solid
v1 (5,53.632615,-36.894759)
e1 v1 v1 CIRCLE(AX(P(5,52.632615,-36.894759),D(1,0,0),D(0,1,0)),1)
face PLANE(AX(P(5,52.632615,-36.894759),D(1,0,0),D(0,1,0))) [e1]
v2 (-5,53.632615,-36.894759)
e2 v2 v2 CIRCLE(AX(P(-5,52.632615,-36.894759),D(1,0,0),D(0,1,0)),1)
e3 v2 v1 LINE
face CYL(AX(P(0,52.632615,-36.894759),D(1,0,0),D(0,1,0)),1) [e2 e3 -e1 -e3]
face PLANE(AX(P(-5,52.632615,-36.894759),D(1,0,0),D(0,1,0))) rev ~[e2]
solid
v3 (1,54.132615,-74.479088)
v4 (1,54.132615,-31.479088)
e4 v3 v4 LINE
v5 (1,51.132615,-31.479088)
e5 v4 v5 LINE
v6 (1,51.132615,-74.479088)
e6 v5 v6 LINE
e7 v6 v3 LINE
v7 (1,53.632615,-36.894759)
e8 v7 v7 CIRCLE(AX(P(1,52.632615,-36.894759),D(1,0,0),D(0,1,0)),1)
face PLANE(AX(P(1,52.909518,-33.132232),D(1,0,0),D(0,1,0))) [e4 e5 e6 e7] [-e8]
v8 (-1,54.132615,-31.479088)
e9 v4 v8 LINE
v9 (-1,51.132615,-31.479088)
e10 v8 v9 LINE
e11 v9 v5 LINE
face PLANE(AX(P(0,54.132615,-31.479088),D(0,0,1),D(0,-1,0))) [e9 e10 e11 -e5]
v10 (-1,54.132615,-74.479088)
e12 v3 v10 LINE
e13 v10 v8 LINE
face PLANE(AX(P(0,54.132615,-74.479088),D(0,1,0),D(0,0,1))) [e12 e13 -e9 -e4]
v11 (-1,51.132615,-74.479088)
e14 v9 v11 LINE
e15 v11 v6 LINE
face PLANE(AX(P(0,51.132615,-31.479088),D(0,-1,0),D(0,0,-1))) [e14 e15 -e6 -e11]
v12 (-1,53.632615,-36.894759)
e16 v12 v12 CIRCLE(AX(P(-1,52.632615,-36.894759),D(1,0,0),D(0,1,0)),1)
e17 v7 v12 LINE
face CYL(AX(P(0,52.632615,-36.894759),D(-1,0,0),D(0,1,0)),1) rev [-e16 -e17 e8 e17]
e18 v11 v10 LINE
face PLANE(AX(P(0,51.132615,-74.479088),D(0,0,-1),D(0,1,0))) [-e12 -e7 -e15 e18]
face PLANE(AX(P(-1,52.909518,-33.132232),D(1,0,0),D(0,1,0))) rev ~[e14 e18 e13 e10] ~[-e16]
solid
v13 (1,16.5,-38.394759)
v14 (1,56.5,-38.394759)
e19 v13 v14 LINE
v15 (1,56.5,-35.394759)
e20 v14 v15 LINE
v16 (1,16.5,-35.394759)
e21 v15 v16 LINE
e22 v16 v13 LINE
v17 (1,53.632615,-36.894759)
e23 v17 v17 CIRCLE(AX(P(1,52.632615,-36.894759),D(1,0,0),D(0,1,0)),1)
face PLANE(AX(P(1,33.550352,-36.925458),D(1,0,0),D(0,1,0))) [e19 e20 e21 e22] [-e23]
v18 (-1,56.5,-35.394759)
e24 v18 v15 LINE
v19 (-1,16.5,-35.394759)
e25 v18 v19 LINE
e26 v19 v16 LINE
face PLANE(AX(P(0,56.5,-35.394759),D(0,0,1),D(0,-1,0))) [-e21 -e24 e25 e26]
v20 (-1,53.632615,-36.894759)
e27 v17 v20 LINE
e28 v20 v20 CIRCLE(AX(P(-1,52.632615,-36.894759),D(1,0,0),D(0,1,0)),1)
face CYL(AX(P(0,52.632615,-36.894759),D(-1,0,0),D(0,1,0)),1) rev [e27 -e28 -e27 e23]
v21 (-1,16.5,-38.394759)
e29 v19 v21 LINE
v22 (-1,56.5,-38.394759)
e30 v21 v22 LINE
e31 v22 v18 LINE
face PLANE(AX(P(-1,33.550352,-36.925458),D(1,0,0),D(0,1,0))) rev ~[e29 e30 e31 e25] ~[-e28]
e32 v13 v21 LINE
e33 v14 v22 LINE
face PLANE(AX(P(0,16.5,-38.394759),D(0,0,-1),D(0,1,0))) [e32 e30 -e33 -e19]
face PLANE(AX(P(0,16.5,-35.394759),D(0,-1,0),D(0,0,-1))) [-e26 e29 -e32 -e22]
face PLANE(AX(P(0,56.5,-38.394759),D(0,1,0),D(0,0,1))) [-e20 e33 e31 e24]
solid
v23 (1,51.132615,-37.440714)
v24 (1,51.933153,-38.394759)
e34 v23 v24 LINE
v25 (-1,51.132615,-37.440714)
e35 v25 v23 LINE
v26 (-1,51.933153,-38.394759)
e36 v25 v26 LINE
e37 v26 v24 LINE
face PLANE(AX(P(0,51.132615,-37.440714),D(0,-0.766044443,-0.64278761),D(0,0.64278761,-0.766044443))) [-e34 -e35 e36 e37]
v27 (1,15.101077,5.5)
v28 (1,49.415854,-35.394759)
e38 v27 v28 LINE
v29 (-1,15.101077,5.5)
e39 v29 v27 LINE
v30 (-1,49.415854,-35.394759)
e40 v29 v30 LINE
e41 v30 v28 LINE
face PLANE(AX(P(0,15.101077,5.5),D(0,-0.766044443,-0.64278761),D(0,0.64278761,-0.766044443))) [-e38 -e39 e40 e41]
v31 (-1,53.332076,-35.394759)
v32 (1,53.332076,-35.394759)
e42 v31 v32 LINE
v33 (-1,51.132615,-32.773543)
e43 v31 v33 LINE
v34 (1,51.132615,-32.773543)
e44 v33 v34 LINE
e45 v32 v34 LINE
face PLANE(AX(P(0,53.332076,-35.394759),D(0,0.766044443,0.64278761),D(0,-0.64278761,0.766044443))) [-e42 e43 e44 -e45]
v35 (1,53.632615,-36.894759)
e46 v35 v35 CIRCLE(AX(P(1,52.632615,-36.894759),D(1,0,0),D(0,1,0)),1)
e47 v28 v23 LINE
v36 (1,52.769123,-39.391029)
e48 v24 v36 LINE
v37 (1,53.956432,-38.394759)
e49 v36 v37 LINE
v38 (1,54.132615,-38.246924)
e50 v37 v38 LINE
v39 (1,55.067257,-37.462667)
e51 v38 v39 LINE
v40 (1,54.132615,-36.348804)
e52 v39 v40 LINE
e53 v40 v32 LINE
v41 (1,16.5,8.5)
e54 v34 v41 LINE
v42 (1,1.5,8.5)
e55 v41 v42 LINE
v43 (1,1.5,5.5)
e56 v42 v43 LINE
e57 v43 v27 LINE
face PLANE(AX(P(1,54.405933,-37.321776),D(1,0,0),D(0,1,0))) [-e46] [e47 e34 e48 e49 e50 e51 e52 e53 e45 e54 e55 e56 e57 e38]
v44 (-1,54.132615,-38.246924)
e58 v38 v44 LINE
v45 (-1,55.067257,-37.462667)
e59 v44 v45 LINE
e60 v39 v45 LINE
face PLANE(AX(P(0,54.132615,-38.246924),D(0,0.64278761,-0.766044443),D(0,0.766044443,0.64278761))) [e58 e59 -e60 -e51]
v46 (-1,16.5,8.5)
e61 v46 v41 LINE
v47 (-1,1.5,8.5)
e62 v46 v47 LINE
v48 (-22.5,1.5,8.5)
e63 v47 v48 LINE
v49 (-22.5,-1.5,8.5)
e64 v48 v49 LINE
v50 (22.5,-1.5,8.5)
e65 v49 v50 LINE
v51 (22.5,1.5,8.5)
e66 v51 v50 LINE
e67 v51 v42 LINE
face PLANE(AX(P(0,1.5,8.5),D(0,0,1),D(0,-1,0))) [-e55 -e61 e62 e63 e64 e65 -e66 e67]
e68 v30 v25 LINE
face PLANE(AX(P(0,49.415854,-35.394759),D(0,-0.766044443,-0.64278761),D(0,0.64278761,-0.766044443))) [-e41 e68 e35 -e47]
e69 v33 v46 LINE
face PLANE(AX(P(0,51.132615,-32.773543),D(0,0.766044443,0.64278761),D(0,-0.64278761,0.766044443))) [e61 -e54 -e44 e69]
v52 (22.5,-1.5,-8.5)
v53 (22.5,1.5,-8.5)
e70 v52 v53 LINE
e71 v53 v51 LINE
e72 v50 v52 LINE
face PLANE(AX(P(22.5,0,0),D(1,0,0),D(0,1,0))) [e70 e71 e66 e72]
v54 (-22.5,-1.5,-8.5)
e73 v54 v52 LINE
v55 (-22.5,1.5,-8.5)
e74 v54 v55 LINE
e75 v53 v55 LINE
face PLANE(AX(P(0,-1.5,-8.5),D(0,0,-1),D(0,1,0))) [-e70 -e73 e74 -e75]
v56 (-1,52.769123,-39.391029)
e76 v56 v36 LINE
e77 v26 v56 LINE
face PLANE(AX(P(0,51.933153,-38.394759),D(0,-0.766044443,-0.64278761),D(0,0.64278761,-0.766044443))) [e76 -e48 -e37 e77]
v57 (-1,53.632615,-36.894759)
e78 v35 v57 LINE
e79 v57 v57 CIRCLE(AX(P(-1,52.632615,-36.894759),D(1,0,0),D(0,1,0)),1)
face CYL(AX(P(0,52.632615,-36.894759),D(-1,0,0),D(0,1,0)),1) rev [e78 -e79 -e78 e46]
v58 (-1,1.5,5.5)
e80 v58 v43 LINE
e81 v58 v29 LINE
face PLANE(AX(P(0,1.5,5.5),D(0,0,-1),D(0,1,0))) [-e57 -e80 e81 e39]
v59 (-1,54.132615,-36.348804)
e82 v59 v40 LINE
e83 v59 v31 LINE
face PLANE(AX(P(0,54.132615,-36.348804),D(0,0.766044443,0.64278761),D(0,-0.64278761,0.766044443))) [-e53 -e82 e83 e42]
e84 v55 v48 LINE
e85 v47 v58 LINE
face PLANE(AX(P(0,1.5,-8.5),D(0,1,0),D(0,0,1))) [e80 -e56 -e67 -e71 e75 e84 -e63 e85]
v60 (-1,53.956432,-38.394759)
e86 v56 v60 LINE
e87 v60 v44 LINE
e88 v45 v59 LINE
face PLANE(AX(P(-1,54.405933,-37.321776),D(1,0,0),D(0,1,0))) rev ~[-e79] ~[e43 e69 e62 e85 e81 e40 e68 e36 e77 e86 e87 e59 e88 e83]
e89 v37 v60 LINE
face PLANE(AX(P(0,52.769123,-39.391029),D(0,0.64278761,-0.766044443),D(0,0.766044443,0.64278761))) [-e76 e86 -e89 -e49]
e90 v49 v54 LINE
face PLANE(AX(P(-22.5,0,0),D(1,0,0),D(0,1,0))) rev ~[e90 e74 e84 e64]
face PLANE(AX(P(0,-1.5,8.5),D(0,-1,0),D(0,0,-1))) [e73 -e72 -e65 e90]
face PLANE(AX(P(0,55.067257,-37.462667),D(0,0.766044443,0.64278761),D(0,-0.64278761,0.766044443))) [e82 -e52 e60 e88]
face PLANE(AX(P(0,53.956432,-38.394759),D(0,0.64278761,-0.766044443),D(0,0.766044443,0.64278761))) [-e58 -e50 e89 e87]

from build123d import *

# Parameters (mm, degrees)
F0_R     = 1
F1_DEPTH = 1
F2_DEPTH = 1
F3_DEPTH = 1
F4_DEPTH = 22.5
F5_DEPTH = 5


with BuildPart() as f1:
    # F0 (on Right) → F1 (new body, symmetric)
    with BuildSketch(Plane.YZ):
        Polygon((51.1326146971, -37.4407144668), (49.4158543164, -35.3947591154), (16.5, -35.3947591154), (16.5, -38.3947591154), (51.1326146971, -38.3947591154), align=None)
        Polygon((51.1326146971, -35.3947591154), (49.4158543164, -35.3947591154), (51.1326146971, -37.4407144668), align=None)
        Polygon((54.1326146971, -36.348803764), (53.3320761844, -35.3947591154), (51.1326146971, -35.3947591154), (51.1326146971, -37.4407144668), (51.9331532099, -38.3947591154), (53.956431962, -38.3947591154), (54.1326146971, -38.2469242473), align=None)
        with Locations((52.6326146971, -36.8947591154)):
            Circle(F0_R, mode=Mode.SUBTRACT)
        Polygon((51.9331532099, -38.3947591154), (51.1326146971, -37.4407144668), (51.1326146971, -38.3947591154), align=None)
        Polygon((54.1326146971, -35.3947591154), (53.3320761844, -35.3947591154), (54.1326146971, -36.348803764), align=None)
        Polygon((54.1326146971, -35.3947591154), (54.1326146971, -36.348803764), (55.0672565812, -37.4626665871), (54.1326146971, -38.2469242473), (54.1326146971, -38.3947591154), (56.5, -38.3947591154), (56.5, -35.3947591154), align=None)
        Polygon((55.0672565812, -37.4626665871), (54.1326146971, -36.348803764), (54.1326146971, -38.2469242473), align=None)
        Polygon((54.1326146971, -38.3947591154), (54.1326146971, -38.2469242473), (53.956431962, -38.3947591154), align=None)
    extrude(amount=F1_DEPTH, both=True)


with BuildPart() as f2:
    # F0 (on Right) → F2 (new body, symmetric)
    with BuildSketch(Plane.YZ):
        Polygon((51.1326146971, -31.4790881872), (51.1326146971, -32.7735429862), (53.3320761844, -35.3947591154), (54.1326146971, -35.3947591154), (54.1326146971, -31.4790881872), align=None)
        Polygon((53.3320761844, -35.3947591154), (51.1326146971, -32.7735429862), (51.1326146971, -35.3947591154), align=None)
        Polygon((54.1326146971, -36.348803764), (53.3320761844, -35.3947591154), (51.1326146971, -35.3947591154), (51.1326146971, -37.4407144668), (51.9331532099, -38.3947591154), (53.956431962, -38.3947591154), (54.1326146971, -38.2469242473), align=None)
        with Locations((52.6326146971, -36.8947591154)):
            Circle(F0_R, mode=Mode.SUBTRACT)
        Polygon((51.9331532099, -38.3947591154), (51.1326146971, -37.4407144668), (51.1326146971, -38.3947591154), align=None)
        Polygon((54.1326146971, -35.3947591154), (53.3320761844, -35.3947591154), (54.1326146971, -36.348803764), align=None)
        Polygon((52.7691232518, -39.3910294162), (51.9331532099, -38.3947591154), (51.1326146971, -38.3947591154), (51.1326146971, -74.4790881872), (54.1326146971, -74.4790881872), (54.1326146971, -38.3947591154), (53.956431962, -38.3947591154), align=None)
        Polygon((53.956431962, -38.3947591154), (51.9331532099, -38.3947591154), (52.7691232518, -39.3910294162), align=None)
        Polygon((54.1326146971, -38.3947591154), (54.1326146971, -38.2469242473), (53.956431962, -38.3947591154), align=None)
    extrude(amount=F2_DEPTH, both=True)


with BuildPart() as f3:
    # F0 (on Right) → F3 (new body, symmetric)
    with BuildSketch(Plane.YZ):
        Polygon((55.0672565812, -37.4626665871), (54.1326146971, -36.348803764), (54.1326146971, -38.2469242473), align=None)
        Polygon((53.956431962, -38.3947591154), (51.9331532099, -38.3947591154), (52.7691232518, -39.3910294162), align=None)
        Polygon((54.1326146971, -36.348803764), (53.3320761844, -35.3947591154), (51.1326146971, -35.3947591154), (51.1326146971, -37.4407144668), (51.9331532099, -38.3947591154), (53.956431962, -38.3947591154), (54.1326146971, -38.2469242473), align=None)
        with Locations((52.6326146971, -36.8947591154)):
            Circle(F0_R, mode=Mode.SUBTRACT)
        Polygon((53.3320761844, -35.3947591154), (51.1326146971, -32.7735429862), (51.1326146971, -35.3947591154), align=None)
        Polygon((51.1326146971, -35.3947591154), (49.4158543164, -35.3947591154), (51.1326146971, -37.4407144668), align=None)
        Polygon((51.1326146971, -32.7735429862), (16.5, 8.5), (16.5, 5.5), (15.1010770255, 5.5), (49.4158543164, -35.3947591154), (51.1326146971, -35.3947591154), align=None)
        Polygon((16.5, 8.5), (1.5, 8.5), (1.5, 5.5), (15.1010770255, 5.5), (16.5, 5.5), align=None)
    extrude(amount=F3_DEPTH, both=True)

    # F0 (on Right) → F4 (join, symmetric)
    with BuildSketch(Plane.YZ):
        Polygon((1.5, 8.5), (-1.5, 8.5), (-1.5, -8.5), (1.5, -8.5), (1.5, 5.5), align=None)
    extrude(amount=F4_DEPTH, both=True)


with BuildPart() as f5:
    # F0 (on Right) → F5 (new body, symmetric)
    with BuildSketch(Plane.YZ):
        with Locations((52.6326146971, -36.8947591154)):
            Circle(F0_R)
    extrude(amount=F5_DEPTH, both=True)


solid = Compound([f1.part, f2.part, f3.part, f5.part])
